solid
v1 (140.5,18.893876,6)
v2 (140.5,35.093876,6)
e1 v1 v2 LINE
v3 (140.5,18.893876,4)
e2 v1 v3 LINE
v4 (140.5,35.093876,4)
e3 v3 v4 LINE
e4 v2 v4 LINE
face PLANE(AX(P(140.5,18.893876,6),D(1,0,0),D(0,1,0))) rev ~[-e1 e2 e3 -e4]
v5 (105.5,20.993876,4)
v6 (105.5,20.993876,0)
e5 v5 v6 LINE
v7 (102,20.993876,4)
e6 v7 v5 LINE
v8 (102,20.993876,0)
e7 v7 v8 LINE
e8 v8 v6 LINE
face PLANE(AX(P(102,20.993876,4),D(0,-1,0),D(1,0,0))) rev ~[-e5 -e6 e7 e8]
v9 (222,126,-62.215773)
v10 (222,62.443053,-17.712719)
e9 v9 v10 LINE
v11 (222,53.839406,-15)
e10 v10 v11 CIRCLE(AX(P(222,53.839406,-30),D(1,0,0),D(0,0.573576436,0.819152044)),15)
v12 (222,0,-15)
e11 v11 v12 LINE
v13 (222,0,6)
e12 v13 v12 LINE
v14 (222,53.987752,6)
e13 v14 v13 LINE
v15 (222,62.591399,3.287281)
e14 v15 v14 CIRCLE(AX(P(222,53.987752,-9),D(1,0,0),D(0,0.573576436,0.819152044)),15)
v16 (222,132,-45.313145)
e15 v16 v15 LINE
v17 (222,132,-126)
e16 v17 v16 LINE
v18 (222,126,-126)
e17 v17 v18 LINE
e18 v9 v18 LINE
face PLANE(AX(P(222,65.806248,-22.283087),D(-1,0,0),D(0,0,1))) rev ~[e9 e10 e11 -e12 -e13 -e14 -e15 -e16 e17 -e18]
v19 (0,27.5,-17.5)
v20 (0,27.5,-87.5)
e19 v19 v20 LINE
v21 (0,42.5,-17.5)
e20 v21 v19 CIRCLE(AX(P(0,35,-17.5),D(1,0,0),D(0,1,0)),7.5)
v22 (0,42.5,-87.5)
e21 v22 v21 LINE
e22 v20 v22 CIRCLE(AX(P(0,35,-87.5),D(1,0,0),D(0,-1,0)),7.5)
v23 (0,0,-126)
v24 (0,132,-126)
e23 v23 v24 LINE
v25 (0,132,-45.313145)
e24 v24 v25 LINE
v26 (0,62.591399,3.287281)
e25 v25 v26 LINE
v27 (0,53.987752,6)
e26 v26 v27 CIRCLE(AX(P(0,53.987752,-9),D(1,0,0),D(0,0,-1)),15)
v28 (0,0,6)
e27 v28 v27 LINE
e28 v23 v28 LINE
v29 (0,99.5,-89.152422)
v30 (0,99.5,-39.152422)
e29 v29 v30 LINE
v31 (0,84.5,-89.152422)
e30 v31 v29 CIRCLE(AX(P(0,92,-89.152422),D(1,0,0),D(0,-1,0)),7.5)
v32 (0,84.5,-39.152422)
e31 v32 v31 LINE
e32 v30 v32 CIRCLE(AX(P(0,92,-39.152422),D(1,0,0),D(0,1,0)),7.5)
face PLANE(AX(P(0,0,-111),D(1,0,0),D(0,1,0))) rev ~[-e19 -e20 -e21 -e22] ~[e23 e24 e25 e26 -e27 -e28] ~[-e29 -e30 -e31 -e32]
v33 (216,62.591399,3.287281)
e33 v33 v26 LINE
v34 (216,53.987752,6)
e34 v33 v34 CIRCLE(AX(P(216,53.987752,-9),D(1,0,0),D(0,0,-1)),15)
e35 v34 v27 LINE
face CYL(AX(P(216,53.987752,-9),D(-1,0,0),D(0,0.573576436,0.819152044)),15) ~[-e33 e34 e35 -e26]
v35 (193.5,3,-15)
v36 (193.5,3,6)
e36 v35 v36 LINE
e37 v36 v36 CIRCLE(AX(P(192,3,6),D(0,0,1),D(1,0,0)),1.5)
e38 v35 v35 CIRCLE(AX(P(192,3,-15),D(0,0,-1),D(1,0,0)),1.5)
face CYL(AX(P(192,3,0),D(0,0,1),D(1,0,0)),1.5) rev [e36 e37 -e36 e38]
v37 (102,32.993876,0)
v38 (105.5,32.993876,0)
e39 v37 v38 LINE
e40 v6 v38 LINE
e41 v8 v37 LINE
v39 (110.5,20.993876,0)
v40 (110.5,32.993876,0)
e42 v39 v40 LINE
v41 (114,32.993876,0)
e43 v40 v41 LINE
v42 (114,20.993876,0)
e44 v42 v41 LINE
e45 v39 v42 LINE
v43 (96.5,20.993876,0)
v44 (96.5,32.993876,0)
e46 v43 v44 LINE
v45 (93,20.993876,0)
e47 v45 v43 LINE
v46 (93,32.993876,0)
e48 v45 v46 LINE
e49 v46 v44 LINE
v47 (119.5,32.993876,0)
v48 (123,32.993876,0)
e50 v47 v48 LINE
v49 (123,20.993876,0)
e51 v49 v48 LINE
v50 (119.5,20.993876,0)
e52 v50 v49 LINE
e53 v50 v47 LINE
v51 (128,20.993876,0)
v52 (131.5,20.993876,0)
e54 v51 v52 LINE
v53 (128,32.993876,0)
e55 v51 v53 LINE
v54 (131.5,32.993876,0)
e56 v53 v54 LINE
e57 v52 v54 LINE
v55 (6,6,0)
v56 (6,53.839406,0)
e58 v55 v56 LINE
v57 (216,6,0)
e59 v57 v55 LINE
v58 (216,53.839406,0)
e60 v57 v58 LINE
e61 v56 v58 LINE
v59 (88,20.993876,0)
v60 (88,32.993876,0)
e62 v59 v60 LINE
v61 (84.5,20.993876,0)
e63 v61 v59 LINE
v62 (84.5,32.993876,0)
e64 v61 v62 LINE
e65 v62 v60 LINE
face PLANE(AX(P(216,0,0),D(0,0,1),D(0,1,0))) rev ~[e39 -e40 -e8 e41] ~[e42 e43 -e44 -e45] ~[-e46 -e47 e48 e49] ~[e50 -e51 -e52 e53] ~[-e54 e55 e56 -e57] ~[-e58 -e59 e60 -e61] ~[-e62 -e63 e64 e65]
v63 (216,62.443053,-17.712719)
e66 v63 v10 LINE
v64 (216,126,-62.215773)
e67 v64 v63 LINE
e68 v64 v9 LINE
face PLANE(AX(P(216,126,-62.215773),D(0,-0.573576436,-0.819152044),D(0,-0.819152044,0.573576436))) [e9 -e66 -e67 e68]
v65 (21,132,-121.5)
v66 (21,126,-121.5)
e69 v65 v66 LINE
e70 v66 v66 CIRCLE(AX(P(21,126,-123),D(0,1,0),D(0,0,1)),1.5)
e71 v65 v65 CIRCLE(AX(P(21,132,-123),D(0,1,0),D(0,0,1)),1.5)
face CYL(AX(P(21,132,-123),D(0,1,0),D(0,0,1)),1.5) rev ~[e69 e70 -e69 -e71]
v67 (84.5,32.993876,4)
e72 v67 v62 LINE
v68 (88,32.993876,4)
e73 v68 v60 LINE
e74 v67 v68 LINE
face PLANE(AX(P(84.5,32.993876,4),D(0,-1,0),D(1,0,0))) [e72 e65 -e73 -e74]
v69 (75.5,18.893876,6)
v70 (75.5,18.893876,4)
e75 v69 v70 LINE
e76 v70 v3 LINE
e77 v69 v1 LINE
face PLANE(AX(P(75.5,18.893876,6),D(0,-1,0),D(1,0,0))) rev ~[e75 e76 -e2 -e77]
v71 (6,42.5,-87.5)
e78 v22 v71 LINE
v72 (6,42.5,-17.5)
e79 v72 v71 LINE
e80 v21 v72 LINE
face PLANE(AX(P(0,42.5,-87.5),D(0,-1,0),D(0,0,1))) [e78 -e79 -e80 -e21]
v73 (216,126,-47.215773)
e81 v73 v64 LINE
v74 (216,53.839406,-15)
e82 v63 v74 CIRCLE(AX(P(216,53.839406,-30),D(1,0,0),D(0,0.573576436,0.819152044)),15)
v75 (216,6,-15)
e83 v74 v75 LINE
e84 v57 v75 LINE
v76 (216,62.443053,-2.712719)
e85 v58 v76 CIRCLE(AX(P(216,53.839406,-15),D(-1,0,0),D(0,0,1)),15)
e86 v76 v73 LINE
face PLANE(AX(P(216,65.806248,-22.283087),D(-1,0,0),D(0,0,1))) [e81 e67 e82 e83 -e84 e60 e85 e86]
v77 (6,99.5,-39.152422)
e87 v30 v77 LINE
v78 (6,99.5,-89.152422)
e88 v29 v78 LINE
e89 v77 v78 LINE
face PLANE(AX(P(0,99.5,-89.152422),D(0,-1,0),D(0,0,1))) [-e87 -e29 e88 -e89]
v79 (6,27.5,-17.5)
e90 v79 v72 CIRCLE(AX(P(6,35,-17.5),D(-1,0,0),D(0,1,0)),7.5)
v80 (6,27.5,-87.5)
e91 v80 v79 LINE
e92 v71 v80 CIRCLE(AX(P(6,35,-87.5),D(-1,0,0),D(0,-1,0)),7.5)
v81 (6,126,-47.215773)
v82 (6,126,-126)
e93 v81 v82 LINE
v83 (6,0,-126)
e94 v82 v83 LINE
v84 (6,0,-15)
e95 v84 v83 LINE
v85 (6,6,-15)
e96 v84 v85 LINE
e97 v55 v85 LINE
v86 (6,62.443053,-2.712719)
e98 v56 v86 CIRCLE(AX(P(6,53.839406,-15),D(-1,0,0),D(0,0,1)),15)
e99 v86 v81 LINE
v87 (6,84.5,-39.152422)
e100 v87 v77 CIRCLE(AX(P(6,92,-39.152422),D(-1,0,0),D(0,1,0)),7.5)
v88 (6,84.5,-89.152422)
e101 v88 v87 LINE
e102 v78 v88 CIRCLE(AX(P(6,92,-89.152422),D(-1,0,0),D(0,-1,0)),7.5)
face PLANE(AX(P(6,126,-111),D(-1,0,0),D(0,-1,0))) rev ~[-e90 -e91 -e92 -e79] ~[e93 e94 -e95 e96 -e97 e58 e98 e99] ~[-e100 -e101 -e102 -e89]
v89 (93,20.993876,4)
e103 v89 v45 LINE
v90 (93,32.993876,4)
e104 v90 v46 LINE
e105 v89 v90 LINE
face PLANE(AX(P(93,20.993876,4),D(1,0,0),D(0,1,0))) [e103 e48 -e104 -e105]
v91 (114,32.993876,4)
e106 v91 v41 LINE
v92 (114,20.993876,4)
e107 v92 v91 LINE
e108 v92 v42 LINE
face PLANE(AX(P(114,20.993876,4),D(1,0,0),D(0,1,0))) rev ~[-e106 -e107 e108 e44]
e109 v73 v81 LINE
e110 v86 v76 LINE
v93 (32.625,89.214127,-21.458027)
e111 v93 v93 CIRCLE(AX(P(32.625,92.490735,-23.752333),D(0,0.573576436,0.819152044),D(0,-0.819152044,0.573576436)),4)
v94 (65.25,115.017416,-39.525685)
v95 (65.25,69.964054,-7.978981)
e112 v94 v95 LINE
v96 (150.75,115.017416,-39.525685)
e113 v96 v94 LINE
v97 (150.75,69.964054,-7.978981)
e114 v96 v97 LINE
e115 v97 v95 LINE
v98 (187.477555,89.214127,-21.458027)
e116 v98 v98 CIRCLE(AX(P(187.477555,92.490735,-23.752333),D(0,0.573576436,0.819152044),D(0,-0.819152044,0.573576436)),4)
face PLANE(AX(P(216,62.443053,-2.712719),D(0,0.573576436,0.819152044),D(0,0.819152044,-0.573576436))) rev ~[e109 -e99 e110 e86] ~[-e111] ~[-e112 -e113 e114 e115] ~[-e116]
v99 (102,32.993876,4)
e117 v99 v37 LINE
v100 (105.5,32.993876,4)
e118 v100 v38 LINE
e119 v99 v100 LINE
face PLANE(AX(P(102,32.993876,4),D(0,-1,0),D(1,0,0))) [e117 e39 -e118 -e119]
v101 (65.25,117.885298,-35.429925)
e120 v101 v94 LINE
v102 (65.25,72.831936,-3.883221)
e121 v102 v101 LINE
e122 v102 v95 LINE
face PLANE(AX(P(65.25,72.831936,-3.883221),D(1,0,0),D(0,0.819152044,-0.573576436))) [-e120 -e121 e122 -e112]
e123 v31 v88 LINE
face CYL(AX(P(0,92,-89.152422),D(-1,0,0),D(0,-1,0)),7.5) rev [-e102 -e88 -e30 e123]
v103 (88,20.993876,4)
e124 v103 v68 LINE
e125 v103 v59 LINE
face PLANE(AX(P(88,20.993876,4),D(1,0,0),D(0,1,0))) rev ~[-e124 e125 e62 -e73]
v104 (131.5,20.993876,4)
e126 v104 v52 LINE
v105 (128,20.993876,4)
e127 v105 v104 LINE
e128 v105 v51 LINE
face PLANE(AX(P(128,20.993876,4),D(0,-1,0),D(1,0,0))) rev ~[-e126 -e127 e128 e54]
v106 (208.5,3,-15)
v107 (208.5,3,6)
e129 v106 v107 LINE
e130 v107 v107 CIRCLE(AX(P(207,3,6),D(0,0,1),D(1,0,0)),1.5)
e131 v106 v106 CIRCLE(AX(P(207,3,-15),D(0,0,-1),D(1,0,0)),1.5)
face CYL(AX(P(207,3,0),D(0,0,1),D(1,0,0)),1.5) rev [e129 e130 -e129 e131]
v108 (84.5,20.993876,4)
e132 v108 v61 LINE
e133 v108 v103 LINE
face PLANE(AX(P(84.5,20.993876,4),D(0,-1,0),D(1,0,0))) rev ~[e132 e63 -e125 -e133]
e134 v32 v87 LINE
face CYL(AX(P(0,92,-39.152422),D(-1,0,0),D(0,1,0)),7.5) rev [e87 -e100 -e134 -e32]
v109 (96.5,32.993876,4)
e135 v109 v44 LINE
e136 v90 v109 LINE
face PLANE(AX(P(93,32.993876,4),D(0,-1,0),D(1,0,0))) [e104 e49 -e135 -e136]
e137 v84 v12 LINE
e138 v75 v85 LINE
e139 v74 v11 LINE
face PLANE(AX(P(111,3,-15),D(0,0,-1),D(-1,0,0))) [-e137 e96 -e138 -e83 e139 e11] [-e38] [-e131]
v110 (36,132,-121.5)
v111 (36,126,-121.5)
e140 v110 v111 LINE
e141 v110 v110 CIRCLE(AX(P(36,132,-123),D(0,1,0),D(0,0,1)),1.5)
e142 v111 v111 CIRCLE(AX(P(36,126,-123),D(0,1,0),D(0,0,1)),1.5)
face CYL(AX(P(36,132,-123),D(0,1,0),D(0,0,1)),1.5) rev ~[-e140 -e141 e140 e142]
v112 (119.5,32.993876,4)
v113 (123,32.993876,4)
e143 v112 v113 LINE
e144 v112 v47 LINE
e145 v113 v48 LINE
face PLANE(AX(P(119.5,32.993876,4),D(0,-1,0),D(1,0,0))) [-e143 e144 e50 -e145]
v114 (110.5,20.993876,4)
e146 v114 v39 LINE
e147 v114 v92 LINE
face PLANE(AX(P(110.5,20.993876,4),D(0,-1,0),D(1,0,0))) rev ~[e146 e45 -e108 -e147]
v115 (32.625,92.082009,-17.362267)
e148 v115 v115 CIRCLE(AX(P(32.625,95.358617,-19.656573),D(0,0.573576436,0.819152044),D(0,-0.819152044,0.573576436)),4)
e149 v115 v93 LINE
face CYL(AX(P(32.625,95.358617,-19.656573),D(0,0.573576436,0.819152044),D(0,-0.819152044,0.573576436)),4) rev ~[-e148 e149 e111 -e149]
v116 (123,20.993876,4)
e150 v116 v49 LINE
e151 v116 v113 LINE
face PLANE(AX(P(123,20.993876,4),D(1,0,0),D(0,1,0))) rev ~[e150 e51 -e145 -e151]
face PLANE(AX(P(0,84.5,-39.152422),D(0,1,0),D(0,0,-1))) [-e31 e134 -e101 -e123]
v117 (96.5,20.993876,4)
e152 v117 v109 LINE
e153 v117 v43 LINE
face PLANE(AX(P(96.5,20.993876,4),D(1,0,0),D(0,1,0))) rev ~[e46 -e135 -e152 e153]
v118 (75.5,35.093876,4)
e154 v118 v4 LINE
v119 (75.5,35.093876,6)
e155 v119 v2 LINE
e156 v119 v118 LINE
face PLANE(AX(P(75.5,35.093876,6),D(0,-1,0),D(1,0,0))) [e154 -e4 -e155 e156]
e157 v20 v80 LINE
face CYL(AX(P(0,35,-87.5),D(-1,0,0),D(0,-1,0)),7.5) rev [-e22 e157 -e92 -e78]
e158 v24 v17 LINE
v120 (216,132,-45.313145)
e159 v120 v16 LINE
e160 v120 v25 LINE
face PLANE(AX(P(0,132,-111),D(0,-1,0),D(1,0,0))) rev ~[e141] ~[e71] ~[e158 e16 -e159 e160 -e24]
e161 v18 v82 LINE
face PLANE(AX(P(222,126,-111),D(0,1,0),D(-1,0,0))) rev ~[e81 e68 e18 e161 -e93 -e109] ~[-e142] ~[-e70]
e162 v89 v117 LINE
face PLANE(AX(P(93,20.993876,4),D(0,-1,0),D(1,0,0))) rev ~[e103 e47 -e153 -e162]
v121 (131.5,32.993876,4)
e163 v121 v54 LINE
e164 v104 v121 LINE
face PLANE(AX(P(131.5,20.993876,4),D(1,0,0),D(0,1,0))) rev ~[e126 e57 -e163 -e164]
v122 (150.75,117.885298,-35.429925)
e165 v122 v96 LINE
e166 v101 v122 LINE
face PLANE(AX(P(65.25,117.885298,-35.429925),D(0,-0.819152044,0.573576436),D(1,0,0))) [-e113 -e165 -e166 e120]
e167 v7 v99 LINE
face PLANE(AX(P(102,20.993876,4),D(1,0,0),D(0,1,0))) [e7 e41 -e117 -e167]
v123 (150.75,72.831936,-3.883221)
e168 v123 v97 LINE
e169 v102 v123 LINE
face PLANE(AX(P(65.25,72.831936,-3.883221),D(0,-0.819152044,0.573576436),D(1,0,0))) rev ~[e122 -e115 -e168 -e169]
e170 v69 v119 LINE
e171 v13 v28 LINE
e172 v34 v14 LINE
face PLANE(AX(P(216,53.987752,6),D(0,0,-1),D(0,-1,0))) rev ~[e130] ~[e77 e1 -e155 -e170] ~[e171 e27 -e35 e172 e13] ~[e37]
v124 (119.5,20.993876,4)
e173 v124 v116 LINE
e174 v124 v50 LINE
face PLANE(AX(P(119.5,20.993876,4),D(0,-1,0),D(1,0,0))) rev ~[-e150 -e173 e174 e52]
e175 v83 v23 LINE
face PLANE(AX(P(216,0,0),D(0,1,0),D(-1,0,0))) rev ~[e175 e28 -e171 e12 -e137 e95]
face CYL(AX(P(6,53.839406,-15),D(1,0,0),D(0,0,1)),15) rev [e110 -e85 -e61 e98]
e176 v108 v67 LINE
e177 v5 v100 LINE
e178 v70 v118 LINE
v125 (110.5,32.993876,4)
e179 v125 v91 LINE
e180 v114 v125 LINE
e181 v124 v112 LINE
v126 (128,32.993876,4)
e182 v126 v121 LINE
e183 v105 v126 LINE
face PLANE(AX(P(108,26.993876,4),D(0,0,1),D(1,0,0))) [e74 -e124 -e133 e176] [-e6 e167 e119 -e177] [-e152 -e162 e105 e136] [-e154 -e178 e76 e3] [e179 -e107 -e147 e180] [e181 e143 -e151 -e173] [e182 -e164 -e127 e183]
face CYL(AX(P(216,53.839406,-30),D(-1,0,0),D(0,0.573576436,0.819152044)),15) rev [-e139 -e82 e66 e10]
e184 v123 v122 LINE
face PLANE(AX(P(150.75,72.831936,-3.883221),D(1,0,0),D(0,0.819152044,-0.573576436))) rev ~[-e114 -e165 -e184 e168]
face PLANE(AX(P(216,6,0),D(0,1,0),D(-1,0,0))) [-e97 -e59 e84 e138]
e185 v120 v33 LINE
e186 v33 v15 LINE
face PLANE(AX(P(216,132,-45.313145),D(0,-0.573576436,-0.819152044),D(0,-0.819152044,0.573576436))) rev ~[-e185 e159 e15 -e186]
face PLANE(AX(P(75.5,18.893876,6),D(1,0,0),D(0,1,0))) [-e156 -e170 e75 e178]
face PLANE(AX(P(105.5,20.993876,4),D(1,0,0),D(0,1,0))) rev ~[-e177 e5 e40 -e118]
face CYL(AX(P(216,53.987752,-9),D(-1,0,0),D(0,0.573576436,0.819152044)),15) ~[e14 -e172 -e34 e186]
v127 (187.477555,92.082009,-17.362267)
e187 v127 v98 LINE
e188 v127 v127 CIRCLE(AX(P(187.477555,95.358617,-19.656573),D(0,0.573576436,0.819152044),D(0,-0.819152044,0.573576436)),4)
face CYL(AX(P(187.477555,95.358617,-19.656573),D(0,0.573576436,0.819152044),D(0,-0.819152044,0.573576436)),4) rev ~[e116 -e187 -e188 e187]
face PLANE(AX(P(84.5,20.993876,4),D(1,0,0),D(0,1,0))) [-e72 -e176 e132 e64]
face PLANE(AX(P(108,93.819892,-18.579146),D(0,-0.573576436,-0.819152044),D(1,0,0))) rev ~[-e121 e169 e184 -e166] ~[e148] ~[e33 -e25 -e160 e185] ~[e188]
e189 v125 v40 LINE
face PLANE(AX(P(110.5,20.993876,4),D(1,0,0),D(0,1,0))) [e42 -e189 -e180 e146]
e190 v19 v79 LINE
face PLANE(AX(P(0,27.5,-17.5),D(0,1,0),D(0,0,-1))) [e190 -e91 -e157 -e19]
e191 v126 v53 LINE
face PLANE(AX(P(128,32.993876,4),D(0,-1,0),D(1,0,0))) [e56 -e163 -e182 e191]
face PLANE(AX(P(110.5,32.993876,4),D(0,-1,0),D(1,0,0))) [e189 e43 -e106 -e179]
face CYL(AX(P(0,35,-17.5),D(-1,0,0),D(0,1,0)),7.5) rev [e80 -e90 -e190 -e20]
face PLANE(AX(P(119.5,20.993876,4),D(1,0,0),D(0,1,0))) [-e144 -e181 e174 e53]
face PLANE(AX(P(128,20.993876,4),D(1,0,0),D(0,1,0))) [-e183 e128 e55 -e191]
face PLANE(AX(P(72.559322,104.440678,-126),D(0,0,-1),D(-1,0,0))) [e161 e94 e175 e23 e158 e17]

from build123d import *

# Parameters (mm, degrees)
SKETCH1_W            = 111
SKETCH1_H            = 126
BOSS_EXTRUDE1_DEPTH  = 6
SKETCH2_W            = 216
SKETCH2_H            = 111
BOSS_EXTRUDE2_DEPTH  = 6
SKETCH3_W            = 216
SKETCH3_H            = 132
BOSS_EXTRUDE3_DEPTH  = 6
SKETCH5_W            = 216
SKETCH5_H            = 99.986345045
CUT_EXTRUDE1_DEPTH   = 75
SKETCH7_W            = 216
SKETCH7_H            = 99.986345045
BOSS_EXTRUDE4_DEPTH  = 5
CUT_EXTRUDE2_DEPTH   = 314
SKETCH9_W            = 85.5
SKETCH9_H            = 55
CUT_EXTRUDE3_DEPTH   = 14
FILLET1_R            = 15
CUT_EXTRUDE4_DEPTH   = 27
SKETCH11_W           = 65
SKETCH11_H           = 16.2
CUT_EXTRUDE5_DEPTH   = 2
SKETCH12_W           = 3.5
SKETCH12_H           = 12
CUT_EXTRUDE6_DEPTH   = 11
BOSS_EXTRUDE5_DEPTH  = 6
SKETCH22_R           = 1.5
CUT_EXTRUDE13_DEPTH  = 20
BOSS_EXTRUDE6_DEPTH  = 15
SKETCH25_R           = 1.5
CUT_EXTRUDE14_DEPTH  = 15
BOSS_EXTRUDE9_START  = -6
BOSS_EXTRUDE9_DEPTH  = 6
SKETCH35_W           = 210
SKETCH35_H           = 6
SKETCH35_R           = 1.5
BOSS_EXTRUDE10_DEPTH = 15
SKETCH36_R           = 4
CUT_EXTRUDE16_DEPTH  = 15
SKETCH37_R           = 4
CUT_EXTRUDE17_DEPTH  = 15


with BuildPart() as part:
    # Sketch1 → Boss-Extrude1 (new body)
    with BuildSketch(Plane(origin=(0, 0, 0), x_dir=(0, 0, -1), z_dir=(1, 0, 0))):
        with Locations((55.5, 63)):
            Rectangle(SKETCH1_W, SKETCH1_H)
    extrude(amount=BOSS_EXTRUDE1_DEPTH)

    # Sketch2 → Boss-Extrude2 (add)
    with BuildSketch(Plane(origin=(0, 126, 0), x_dir=(1, 0, 0), z_dir=(0, 1, 0))):
        with Locations((108, 55.5)):
            Rectangle(SKETCH2_W, SKETCH2_H)
    extrude(amount=BOSS_EXTRUDE2_DEPTH)

    # Sketch3 → Boss-Extrude3 (add)
    with BuildSketch(Plane.XY):
        with Locations((108, 66)):
            Rectangle(SKETCH3_W, SKETCH3_H)
    extrude(amount=BOSS_EXTRUDE3_DEPTH)

    # Sketch5 → Cut-Extrude1 (cut)
    with BuildSketch(Plane(origin=(0, 19.268574279, 27.51837595), x_dir=(1, 0, 0), z_dir=(0, -0.5735764363510416, -0.8191520442889949))):
        with Locations((108, -87.509316119)):
            Rectangle(SKETCH5_W, SKETCH5_H)
    extrude(amount=-CUT_EXTRUDE1_DEPTH, mode=Mode.SUBTRACT)

    # Sketch7 → Boss-Extrude4 (add)
    with BuildSketch(Plane(origin=(0, 19.268574279, 27.51837595), x_dir=(1, 0, 0), z_dir=(0, -0.5735764363510416, -0.8191520442889949))):
        with Locations((108, -87.509316119)):
            Rectangle(SKETCH7_W, SKETCH7_H)
    extrude(amount=-BOSS_EXTRUDE4_DEPTH)

    # Sketch8 → Cut-Extrude2 (cut)
    with BuildSketch(Plane(origin=(216, 0, 0), x_dir=(0, 0, -1), z_dir=(1, 0, 0))):
        Polygon((-6, 50), (-6, 58.717233978), (-10.095760221, 52.867882182), align=None)
        Polygon((51.212736322, 132), (45.313145189, 132), (47.254051253, 134.771901126), align=None)
    extrude(amount=-CUT_EXTRUDE2_DEPTH, mode=Mode.SUBTRACT)

    # Sketch9 → Cut-Extrude3 (cut)
    with BuildSketch(Plane(origin=(0, 22.136456461, 31.614136171), x_dir=(1, 0, 0), z_dir=(0, 0.5735764363510417, 0.8191520442889949))):
        with Locations((108, 89.387752907)):
            Rectangle(SKETCH9_W, SKETCH9_H)
    extrude(amount=-CUT_EXTRUDE3_DEPTH, mode=Mode.SUBTRACT)

    # Fillet1
    fillet1_edges = [part.edges().sort_by_distance(p)[0] for p in [
        (111, 58.56888804, 0),
        (108, 58.717233978, 6),
    ]]
    fillet(fillet1_edges, radius=FILLET1_R)

    # Sketch10 → Cut-Extrude4 (cut)
    with BuildSketch(Plane.ZY):
        with BuildLine():
            Line((-87.5, 42.5), (-17.5, 42.5))
            ThreePointArc((-17.5, 42.5), (-10, 35), (-17.5, 27.5))
            Line((-17.5, 27.5), (-87.5, 27.5))
            ThreePointArc((-87.5, 27.5), (-95, 35), (-87.5, 42.5))
        make_face()
        with BuildLine():
            Line((-89.152421831, 99.5), (-39.152421831, 99.5))
            ThreePointArc((-39.152421831, 99.5), (-31.652421831, 92), (-39.152421831, 84.5))
            Line((-39.152421831, 84.5), (-89.152421831, 84.5))
            ThreePointArc((-89.152421831, 84.5), (-96.652421831, 92), (-89.152421831, 99.5))
        make_face()
    extrude(amount=-CUT_EXTRUDE4_DEPTH, mode=Mode.SUBTRACT)

    # Sketch11 → Cut-Extrude5 (cut)
    with BuildSketch(Plane.XY.offset(6)):
        with Locations((108, 26.993876072)):
            Rectangle(SKETCH11_W, SKETCH11_H)
    extrude(amount=-CUT_EXTRUDE5_DEPTH, mode=Mode.SUBTRACT)

    # Sketch12 → Cut-Extrude6 (cut)
    with BuildSketch(Plane.XY.offset(4)):
        with Locations((86.25, 26.993876072)):
            Rectangle(SKETCH12_W, SKETCH12_H)
        with Locations((94.75, 26.993876072)):
            Rectangle(SKETCH12_W, SKETCH12_H)
        with Locations((103.75, 26.993876072)):
            Rectangle(SKETCH12_W, SKETCH12_H)
        with Locations((112.25, 26.993876072)):
            Rectangle(SKETCH12_W, SKETCH12_H)
        with Locations((121.25, 26.993876072)):
            Rectangle(SKETCH12_W, SKETCH12_H)
        with Locations((129.75, 26.993876072)):
            Rectangle(SKETCH12_W, SKETCH12_H)
    extrude(amount=-CUT_EXTRUDE6_DEPTH, mode=Mode.SUBTRACT)

    # Sketch13 → Boss-Extrude5 (add)
    with BuildSketch(Plane(origin=(216, 0, 0), x_dir=(0, 0, -1), z_dir=(1, 0, 0))):
        with BuildLine():
            Line((111, 126), (111, 132))
            Line((111, 132), (45.313145189, 132))
            Line((45.313145189, 132), (-3.287280664, 62.59139869))
            ThreePointArc((-3.287280664, 62.59139869), (-5.305754261, 58.498339137), (-6, 53.987752145))
            Line((-6, 53.987752145), (-6, 0))
            Line((-6, 0), (0, 0))
            Line((0, 0), (0, 53.839406207))
            ThreePointArc((0, 53.839406207), (0.694245739, 58.3499932), (2.712719336, 62.443052753))
            Line((2.712719336, 62.443052753), (47.215772904, 126))
            Line((47.215772904, 126), (111, 126))
        make_face()
    extrude(amount=BOSS_EXTRUDE5_DEPTH)

    # Sketch22 → Cut-Extrude13 (cut)
    with BuildSketch(Plane.XY.offset(6)):
        with Locations((207, 3)):
            Circle(SKETCH22_R)
        with Locations((192, 3)):
            Circle(SKETCH22_R)
    extrude(amount=-CUT_EXTRUDE13_DEPTH, mode=Mode.SUBTRACT)

    # Sketch24 → Boss-Extrude6 (add)
    with BuildSketch(Plane(origin=(0, 0, -111), x_dir=(-1, 0, 0), z_dir=(0, 0, -1))):
        Polygon((-222, 132), (-222, 126), (-6, 126), (-6, 0), (0, 0), (0, 132), align=None)
    extrude(amount=BOSS_EXTRUDE6_DEPTH)

    # Sketch25 → Cut-Extrude14 (cut)
    with BuildSketch(Plane(origin=(0, 132, 0), x_dir=(1, 0, 0), z_dir=(0, 1, 0))):
        with Locations(Location((21, 123, 0), (0, 0, 270))):
            Circle(SKETCH25_R)
        with Locations(Location((36, 123, 0), (0, 0, 270))):
            Circle(SKETCH25_R)
    extrude(amount=-CUT_EXTRUDE14_DEPTH, mode=Mode.SUBTRACT)

    # Sketch34 → Boss-Extrude9 (add)
    with BuildSketch(Plane(origin=(222, 0, 0), x_dir=(0, 0, -1), z_dir=(1, 0, 0)).offset(BOSS_EXTRUDE9_START)):
        with BuildLine():
            Line((2.712719336, 62.443052753), (47.215772904, 126))
            Line((47.215772904, 126), (62.215772904, 126))
            Line((62.215772904, 126), (17.712719336, 62.443052753))
            ThreePointArc((17.712719336, 62.443052753), (15.694245739, 58.3499932), (15, 53.839406207))
            Line((15, 53.839406207), (15, 0))
            Line((15, 0), (0, 0))
            Line((0, 0), (0, 53.839406207))
            ThreePointArc((0, 53.839406207), (0.694245739, 58.3499932), (2.712719336, 62.443052753))
        make_face()
    extrude(amount=BOSS_EXTRUDE9_DEPTH)

    # Sketch35 → Boss-Extrude10 (add)
    with BuildSketch(Plane(origin=(0, 0, 0), x_dir=(-1, 0, 0), z_dir=(0, 0, -1))):
        with Locations((-111, 3)):
            Rectangle(SKETCH35_W, SKETCH35_H)
        with Locations(Location((-207, 3, 0), (0, 0, 180))):
            Circle(SKETCH35_R, mode=Mode.SUBTRACT)
        with Locations(Location((-192, 3, 0), (0, 0, 180))):
            Circle(SKETCH35_R, mode=Mode.SUBTRACT)
    extrude(amount=BOSS_EXTRUDE10_DEPTH)

    # Sketch36 → Cut-Extrude16 (cut)
    with BuildSketch(Plane(origin=(0, 22.136456461, 31.614136171), x_dir=(1, 0, 0), z_dir=(0, 0.5735764363510417, 0.8191520442889949))):
        with Locations(Location((187.47755458, 89.387752907, 0), (0, 0, 270))):
            Circle(SKETCH36_R)
    extrude(amount=-CUT_EXTRUDE16_DEPTH, mode=Mode.SUBTRACT)

    # Sketch37 → Cut-Extrude17 (cut)
    with BuildSketch(Plane(origin=(0, 22.136456461, 31.614136171), x_dir=(1, 0, 0), z_dir=(0, 0.5735764363510417, 0.8191520442889949))):
        with Locations(Location((32.625, 89.387752907, 0), (0, 0, 270))):
            Circle(SKETCH37_R)
    extrude(amount=-CUT_EXTRUDE17_DEPTH, mode=Mode.SUBTRACT)


solid = part.part
